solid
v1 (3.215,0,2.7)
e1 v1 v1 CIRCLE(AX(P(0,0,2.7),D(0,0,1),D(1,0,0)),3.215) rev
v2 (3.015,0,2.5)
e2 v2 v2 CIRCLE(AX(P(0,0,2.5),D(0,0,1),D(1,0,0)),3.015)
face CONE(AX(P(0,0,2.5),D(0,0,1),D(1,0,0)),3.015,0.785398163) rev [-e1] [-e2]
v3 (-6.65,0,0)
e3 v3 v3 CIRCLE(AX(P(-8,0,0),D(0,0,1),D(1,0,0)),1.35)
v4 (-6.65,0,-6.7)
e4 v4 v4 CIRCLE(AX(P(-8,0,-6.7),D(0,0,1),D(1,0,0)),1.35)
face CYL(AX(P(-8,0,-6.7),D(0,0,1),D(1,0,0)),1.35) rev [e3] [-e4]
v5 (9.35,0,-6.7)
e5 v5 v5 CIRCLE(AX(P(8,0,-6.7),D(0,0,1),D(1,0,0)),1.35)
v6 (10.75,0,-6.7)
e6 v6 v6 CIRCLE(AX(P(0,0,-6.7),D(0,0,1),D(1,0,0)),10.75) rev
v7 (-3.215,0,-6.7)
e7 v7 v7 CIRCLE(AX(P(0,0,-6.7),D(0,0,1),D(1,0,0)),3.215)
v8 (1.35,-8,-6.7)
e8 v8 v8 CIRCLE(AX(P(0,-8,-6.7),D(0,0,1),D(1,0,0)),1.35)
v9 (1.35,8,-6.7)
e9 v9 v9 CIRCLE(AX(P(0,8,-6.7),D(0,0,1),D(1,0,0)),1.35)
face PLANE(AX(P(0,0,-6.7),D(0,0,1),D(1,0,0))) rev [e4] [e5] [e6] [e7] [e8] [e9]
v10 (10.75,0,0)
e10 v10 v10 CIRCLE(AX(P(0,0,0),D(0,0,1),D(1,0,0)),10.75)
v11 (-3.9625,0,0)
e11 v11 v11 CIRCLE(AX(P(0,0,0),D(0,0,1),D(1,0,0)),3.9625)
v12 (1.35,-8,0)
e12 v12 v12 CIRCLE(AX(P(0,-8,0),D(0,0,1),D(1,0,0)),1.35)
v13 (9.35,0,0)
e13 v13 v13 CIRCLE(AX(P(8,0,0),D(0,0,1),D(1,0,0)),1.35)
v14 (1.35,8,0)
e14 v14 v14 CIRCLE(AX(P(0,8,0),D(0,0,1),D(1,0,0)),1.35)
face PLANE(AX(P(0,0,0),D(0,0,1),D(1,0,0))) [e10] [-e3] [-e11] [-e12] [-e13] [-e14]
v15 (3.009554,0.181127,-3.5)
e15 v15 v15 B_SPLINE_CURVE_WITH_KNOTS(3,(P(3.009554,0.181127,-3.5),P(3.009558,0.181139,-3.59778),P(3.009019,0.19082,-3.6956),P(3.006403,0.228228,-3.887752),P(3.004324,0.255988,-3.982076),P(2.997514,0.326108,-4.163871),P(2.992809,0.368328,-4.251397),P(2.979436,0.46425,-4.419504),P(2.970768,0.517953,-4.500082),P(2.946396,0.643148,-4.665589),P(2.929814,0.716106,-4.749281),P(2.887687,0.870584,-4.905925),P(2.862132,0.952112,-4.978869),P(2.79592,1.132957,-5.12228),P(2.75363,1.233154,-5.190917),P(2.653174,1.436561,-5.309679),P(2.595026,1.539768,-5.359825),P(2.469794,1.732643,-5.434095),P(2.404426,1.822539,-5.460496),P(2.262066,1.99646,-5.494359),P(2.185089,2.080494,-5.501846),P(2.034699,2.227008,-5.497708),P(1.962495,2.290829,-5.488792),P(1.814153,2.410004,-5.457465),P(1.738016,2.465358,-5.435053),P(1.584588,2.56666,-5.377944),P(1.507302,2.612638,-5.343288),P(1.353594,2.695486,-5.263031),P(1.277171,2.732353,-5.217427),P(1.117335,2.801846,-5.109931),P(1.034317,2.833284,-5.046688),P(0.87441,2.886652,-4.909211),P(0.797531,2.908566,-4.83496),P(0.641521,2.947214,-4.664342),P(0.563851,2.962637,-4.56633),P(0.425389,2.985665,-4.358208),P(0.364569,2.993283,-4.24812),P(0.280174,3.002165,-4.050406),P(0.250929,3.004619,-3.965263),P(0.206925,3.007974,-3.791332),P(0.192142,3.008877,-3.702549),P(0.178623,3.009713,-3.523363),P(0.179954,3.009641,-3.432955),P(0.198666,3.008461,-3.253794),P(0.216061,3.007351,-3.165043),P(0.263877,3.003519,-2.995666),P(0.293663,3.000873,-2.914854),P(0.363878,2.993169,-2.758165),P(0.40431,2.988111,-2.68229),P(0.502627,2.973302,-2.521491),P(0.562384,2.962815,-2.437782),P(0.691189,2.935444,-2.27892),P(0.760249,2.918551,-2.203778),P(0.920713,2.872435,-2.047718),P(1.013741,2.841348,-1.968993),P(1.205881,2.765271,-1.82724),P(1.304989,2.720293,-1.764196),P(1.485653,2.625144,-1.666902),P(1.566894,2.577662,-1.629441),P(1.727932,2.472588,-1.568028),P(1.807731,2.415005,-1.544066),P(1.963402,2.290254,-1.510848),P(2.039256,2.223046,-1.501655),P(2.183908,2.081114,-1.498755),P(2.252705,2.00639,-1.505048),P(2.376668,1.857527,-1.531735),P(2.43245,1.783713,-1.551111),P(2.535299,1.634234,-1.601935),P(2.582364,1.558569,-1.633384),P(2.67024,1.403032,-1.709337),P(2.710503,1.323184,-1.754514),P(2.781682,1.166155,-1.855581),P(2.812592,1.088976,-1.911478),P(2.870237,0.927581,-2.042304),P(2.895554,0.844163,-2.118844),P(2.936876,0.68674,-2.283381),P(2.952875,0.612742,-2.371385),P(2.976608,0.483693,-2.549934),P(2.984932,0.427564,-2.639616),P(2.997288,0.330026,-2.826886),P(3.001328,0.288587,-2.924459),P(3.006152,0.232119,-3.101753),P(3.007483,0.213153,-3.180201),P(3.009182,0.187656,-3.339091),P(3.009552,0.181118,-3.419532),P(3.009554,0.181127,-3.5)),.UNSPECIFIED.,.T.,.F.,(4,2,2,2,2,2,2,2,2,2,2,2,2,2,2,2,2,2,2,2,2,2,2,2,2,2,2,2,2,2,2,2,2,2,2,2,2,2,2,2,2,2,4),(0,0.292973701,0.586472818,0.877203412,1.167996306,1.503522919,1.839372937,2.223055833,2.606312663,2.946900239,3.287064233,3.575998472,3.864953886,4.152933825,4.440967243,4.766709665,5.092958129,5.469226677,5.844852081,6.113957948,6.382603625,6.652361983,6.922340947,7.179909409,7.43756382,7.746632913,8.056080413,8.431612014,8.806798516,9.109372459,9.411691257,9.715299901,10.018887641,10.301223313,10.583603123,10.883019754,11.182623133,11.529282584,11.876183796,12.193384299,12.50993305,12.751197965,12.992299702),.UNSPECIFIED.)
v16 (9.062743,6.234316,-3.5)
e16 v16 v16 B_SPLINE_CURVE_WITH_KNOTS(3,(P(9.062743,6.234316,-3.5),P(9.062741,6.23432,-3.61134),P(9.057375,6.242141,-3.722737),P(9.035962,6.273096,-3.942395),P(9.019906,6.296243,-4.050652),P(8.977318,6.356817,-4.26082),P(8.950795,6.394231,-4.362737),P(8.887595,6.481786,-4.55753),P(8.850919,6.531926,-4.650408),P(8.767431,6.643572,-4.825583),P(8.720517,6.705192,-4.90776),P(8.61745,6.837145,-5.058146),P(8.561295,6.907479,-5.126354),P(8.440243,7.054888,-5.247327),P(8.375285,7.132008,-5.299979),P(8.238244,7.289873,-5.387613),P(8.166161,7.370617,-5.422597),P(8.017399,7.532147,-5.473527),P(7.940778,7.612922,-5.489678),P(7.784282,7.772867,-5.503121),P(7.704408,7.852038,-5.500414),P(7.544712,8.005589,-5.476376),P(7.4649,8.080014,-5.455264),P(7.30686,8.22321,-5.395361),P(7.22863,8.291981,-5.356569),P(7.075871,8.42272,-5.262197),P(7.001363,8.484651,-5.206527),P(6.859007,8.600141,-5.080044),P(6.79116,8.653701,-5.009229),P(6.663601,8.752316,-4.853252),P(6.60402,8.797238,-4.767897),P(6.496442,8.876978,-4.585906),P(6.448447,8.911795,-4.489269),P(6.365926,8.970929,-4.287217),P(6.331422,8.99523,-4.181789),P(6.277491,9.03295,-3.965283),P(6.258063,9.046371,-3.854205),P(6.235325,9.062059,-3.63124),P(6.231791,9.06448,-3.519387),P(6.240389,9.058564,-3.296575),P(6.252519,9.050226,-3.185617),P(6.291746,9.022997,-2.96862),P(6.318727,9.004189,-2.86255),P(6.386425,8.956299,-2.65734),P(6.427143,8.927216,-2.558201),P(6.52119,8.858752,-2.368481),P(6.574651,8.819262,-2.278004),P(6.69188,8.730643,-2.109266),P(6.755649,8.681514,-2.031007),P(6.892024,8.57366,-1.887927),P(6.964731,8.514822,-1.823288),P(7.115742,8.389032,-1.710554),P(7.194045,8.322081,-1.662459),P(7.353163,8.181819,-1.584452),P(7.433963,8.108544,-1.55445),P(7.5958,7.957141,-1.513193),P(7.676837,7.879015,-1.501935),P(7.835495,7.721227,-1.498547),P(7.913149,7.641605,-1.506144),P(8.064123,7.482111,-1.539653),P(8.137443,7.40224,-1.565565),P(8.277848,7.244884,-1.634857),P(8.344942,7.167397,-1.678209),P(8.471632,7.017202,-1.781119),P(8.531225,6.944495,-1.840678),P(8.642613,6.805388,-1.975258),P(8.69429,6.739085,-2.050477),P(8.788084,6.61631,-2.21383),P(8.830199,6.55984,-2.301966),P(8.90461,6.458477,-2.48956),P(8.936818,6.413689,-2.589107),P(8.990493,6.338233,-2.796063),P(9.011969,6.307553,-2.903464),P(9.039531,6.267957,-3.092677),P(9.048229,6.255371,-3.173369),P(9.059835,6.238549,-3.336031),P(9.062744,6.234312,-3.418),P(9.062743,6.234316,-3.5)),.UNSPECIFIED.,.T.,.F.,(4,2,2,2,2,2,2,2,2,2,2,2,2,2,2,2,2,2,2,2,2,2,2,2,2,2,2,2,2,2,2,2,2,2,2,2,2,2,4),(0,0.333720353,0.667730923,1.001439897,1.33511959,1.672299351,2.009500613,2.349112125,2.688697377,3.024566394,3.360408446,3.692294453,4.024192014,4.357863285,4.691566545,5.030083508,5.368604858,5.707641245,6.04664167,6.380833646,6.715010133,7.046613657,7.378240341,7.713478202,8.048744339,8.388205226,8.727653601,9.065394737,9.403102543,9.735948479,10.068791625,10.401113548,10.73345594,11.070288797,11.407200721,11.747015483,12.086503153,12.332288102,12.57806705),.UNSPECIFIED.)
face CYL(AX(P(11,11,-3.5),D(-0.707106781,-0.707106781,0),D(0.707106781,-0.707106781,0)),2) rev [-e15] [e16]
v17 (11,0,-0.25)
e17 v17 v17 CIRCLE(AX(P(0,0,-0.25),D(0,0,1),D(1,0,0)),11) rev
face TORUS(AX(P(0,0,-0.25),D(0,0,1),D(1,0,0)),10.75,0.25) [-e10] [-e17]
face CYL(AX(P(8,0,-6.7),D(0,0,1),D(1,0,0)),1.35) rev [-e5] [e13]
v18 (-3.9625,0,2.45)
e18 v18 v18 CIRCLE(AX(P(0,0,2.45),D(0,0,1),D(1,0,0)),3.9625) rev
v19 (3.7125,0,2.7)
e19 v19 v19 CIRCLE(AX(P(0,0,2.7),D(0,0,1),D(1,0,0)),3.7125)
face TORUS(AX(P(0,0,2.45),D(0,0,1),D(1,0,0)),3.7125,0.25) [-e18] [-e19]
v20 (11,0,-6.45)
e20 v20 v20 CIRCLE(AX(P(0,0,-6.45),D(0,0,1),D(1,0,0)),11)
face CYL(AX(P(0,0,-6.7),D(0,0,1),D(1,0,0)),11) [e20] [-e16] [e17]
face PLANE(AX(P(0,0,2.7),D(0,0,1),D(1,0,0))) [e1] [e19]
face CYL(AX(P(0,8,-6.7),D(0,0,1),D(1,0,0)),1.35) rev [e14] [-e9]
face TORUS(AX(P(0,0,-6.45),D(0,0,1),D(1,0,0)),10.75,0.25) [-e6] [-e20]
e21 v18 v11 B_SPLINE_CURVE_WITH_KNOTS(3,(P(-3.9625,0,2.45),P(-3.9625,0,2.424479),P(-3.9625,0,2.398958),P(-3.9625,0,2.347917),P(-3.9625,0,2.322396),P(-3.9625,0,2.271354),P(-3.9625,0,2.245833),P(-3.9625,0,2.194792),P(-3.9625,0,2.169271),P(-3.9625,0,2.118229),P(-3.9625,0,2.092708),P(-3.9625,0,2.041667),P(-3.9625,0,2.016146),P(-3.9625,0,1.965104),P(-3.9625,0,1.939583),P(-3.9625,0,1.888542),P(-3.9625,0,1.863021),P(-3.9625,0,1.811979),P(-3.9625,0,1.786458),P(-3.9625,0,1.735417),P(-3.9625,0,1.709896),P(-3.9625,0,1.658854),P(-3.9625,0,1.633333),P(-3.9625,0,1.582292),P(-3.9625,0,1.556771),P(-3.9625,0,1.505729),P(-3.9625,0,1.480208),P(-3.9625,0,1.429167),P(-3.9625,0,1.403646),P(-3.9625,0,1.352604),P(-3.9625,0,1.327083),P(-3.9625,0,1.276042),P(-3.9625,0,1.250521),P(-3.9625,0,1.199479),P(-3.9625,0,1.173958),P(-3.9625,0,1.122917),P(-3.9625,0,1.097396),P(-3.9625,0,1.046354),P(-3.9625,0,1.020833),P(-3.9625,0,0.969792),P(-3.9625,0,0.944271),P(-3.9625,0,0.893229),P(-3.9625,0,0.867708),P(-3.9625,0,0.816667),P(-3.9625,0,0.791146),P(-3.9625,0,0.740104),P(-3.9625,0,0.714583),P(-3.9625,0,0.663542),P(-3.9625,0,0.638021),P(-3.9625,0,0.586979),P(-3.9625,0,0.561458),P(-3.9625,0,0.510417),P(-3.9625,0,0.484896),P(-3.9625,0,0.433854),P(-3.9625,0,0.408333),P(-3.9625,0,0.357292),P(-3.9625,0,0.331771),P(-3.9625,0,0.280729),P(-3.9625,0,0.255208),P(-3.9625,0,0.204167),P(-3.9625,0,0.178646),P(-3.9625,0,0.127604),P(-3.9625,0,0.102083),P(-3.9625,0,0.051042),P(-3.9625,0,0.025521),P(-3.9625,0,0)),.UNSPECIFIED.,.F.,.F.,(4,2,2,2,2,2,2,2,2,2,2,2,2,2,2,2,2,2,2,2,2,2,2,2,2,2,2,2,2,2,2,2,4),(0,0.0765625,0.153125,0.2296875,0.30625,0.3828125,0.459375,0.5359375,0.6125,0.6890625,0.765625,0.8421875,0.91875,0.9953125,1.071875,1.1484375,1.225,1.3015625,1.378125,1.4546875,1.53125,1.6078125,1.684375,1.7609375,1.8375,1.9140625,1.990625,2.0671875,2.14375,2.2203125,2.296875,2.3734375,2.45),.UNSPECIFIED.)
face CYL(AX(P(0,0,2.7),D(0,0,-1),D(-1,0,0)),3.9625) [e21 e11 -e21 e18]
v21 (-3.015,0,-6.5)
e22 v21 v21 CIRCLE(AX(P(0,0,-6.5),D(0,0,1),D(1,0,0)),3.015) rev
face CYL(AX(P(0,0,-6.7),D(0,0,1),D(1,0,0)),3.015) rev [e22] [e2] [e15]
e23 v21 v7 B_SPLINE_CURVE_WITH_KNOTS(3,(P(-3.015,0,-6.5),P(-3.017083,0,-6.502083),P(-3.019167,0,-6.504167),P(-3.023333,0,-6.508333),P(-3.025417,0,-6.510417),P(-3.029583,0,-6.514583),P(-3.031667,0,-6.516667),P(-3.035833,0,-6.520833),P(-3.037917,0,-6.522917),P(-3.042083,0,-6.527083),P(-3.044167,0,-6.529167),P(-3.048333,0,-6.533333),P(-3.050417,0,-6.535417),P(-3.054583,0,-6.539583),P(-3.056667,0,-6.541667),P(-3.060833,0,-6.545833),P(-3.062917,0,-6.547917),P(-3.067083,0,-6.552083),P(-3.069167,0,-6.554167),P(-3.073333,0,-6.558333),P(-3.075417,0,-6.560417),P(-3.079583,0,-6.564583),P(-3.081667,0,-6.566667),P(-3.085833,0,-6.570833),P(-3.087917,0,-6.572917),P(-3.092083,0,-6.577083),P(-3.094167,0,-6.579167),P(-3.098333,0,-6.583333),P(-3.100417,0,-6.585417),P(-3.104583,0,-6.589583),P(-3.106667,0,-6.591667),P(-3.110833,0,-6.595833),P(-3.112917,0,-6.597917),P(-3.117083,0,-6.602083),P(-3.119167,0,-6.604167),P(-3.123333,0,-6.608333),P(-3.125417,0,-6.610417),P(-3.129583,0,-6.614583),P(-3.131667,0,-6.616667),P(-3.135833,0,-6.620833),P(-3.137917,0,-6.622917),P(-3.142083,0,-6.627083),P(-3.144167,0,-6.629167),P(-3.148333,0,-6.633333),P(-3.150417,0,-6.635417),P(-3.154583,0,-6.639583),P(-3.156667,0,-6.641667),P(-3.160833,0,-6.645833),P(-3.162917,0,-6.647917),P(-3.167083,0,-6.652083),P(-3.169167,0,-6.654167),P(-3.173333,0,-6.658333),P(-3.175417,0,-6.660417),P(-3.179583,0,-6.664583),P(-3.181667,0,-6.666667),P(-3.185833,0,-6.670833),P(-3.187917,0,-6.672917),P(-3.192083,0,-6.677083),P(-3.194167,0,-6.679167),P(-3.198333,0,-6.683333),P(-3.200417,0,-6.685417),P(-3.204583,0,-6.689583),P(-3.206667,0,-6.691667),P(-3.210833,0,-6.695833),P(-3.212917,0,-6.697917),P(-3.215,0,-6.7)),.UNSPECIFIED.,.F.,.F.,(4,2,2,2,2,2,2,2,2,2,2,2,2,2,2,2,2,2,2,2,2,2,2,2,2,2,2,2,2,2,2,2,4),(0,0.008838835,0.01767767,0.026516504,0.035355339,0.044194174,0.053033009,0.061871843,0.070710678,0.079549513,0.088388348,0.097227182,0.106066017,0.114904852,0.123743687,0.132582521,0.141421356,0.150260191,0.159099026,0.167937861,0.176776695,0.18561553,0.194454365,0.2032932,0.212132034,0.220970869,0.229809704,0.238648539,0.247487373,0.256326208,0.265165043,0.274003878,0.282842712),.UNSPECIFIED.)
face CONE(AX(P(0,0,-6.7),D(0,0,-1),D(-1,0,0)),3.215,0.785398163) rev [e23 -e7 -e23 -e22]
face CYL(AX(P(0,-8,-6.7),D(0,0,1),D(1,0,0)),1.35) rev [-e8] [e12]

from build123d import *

# Parameters (mm, degrees)
SKETCH1_R           = 11
BOSS_EXTRUDE1_DEPTH = 6.7
SKETCH2_R           = 3.9625
BOSS_EXTRUDE2_DEPTH = 2.7
SKETCH3_R           = 3.015
CUT_EXTRUDE1_DEPTH  = 19.175808098
SKETCH4_R           = 1.35
CUT_EXTRUDE2_DEPTH  = 17.937827488
SKETCH6_R           = 2
CUT_EXTRUDE3_DEPTH  = 17.937827488
CHAMFER1_SIZE       = 0.2
FILLET1_R           = 0.25


with BuildPart() as part:
    # Sketch1 → Boss-Extrude1 (new body)
    with BuildSketch(Plane.XY):
        Circle(SKETCH1_R)
    extrude(amount=-BOSS_EXTRUDE1_DEPTH)

    # Sketch2 → Boss-Extrude2 (add)
    with BuildSketch(Plane.XY):
        with Locations(Location((0, 0, 0), (0, 0, 180))):
            Circle(SKETCH2_R)
    extrude(amount=BOSS_EXTRUDE2_DEPTH)

    # Sketch3 → Cut-Extrude1 (cut, through all)
    with BuildSketch(Plane.XY.offset(2.7)):
        Circle(SKETCH3_R)
    extrude(amount=-CUT_EXTRUDE1_DEPTH, mode=Mode.SUBTRACT)

    # Sketch4 → Cut-Extrude2 (cut, through all)
    with BuildSketch(Plane.XY):
        with Locations((0, 8)):
            Circle(SKETCH4_R)
        with Locations((8, 0)):
            Circle(SKETCH4_R)
        with Locations((0, -8)):
            Circle(SKETCH4_R)
        with Locations((-8, 0)):
            Circle(SKETCH4_R)
    extrude(amount=-CUT_EXTRUDE2_DEPTH, mode=Mode.SUBTRACT)

    # Sketch6 → Cut-Extrude3 (cut, through all)
    with BuildSketch(Plane(origin=(0, 0, 0), x_dir=(0, 0, 1), z_dir=(-0.7071067811865487, -0.7071067811865465, 0))):
        with Locations(Location((-3.5, 0, 0), (0, 0, 270))):
            Circle(SKETCH6_R)
    extrude(amount=-CUT_EXTRUDE3_DEPTH, mode=Mode.SUBTRACT)

    # Chamfer1
    chamfer1_edges = [part.edges().sort_by_distance(p)[0] for p in [
        (-3.015, 0, -6.7),
        (-3.015, 0, 2.7),
    ]]
    chamfer(chamfer1_edges, length=CHAMFER1_SIZE)

    # Fillet1
    fillet1_edges = [part.edges().sort_by_distance(p)[0] for p in [
        (-11, 0, 0),
        (-11, 0, -6.7),
        (3.9625, 0, 2.7),
    ]]
    fillet(fillet1_edges, radius=FILLET1_R)


solid = part.part
